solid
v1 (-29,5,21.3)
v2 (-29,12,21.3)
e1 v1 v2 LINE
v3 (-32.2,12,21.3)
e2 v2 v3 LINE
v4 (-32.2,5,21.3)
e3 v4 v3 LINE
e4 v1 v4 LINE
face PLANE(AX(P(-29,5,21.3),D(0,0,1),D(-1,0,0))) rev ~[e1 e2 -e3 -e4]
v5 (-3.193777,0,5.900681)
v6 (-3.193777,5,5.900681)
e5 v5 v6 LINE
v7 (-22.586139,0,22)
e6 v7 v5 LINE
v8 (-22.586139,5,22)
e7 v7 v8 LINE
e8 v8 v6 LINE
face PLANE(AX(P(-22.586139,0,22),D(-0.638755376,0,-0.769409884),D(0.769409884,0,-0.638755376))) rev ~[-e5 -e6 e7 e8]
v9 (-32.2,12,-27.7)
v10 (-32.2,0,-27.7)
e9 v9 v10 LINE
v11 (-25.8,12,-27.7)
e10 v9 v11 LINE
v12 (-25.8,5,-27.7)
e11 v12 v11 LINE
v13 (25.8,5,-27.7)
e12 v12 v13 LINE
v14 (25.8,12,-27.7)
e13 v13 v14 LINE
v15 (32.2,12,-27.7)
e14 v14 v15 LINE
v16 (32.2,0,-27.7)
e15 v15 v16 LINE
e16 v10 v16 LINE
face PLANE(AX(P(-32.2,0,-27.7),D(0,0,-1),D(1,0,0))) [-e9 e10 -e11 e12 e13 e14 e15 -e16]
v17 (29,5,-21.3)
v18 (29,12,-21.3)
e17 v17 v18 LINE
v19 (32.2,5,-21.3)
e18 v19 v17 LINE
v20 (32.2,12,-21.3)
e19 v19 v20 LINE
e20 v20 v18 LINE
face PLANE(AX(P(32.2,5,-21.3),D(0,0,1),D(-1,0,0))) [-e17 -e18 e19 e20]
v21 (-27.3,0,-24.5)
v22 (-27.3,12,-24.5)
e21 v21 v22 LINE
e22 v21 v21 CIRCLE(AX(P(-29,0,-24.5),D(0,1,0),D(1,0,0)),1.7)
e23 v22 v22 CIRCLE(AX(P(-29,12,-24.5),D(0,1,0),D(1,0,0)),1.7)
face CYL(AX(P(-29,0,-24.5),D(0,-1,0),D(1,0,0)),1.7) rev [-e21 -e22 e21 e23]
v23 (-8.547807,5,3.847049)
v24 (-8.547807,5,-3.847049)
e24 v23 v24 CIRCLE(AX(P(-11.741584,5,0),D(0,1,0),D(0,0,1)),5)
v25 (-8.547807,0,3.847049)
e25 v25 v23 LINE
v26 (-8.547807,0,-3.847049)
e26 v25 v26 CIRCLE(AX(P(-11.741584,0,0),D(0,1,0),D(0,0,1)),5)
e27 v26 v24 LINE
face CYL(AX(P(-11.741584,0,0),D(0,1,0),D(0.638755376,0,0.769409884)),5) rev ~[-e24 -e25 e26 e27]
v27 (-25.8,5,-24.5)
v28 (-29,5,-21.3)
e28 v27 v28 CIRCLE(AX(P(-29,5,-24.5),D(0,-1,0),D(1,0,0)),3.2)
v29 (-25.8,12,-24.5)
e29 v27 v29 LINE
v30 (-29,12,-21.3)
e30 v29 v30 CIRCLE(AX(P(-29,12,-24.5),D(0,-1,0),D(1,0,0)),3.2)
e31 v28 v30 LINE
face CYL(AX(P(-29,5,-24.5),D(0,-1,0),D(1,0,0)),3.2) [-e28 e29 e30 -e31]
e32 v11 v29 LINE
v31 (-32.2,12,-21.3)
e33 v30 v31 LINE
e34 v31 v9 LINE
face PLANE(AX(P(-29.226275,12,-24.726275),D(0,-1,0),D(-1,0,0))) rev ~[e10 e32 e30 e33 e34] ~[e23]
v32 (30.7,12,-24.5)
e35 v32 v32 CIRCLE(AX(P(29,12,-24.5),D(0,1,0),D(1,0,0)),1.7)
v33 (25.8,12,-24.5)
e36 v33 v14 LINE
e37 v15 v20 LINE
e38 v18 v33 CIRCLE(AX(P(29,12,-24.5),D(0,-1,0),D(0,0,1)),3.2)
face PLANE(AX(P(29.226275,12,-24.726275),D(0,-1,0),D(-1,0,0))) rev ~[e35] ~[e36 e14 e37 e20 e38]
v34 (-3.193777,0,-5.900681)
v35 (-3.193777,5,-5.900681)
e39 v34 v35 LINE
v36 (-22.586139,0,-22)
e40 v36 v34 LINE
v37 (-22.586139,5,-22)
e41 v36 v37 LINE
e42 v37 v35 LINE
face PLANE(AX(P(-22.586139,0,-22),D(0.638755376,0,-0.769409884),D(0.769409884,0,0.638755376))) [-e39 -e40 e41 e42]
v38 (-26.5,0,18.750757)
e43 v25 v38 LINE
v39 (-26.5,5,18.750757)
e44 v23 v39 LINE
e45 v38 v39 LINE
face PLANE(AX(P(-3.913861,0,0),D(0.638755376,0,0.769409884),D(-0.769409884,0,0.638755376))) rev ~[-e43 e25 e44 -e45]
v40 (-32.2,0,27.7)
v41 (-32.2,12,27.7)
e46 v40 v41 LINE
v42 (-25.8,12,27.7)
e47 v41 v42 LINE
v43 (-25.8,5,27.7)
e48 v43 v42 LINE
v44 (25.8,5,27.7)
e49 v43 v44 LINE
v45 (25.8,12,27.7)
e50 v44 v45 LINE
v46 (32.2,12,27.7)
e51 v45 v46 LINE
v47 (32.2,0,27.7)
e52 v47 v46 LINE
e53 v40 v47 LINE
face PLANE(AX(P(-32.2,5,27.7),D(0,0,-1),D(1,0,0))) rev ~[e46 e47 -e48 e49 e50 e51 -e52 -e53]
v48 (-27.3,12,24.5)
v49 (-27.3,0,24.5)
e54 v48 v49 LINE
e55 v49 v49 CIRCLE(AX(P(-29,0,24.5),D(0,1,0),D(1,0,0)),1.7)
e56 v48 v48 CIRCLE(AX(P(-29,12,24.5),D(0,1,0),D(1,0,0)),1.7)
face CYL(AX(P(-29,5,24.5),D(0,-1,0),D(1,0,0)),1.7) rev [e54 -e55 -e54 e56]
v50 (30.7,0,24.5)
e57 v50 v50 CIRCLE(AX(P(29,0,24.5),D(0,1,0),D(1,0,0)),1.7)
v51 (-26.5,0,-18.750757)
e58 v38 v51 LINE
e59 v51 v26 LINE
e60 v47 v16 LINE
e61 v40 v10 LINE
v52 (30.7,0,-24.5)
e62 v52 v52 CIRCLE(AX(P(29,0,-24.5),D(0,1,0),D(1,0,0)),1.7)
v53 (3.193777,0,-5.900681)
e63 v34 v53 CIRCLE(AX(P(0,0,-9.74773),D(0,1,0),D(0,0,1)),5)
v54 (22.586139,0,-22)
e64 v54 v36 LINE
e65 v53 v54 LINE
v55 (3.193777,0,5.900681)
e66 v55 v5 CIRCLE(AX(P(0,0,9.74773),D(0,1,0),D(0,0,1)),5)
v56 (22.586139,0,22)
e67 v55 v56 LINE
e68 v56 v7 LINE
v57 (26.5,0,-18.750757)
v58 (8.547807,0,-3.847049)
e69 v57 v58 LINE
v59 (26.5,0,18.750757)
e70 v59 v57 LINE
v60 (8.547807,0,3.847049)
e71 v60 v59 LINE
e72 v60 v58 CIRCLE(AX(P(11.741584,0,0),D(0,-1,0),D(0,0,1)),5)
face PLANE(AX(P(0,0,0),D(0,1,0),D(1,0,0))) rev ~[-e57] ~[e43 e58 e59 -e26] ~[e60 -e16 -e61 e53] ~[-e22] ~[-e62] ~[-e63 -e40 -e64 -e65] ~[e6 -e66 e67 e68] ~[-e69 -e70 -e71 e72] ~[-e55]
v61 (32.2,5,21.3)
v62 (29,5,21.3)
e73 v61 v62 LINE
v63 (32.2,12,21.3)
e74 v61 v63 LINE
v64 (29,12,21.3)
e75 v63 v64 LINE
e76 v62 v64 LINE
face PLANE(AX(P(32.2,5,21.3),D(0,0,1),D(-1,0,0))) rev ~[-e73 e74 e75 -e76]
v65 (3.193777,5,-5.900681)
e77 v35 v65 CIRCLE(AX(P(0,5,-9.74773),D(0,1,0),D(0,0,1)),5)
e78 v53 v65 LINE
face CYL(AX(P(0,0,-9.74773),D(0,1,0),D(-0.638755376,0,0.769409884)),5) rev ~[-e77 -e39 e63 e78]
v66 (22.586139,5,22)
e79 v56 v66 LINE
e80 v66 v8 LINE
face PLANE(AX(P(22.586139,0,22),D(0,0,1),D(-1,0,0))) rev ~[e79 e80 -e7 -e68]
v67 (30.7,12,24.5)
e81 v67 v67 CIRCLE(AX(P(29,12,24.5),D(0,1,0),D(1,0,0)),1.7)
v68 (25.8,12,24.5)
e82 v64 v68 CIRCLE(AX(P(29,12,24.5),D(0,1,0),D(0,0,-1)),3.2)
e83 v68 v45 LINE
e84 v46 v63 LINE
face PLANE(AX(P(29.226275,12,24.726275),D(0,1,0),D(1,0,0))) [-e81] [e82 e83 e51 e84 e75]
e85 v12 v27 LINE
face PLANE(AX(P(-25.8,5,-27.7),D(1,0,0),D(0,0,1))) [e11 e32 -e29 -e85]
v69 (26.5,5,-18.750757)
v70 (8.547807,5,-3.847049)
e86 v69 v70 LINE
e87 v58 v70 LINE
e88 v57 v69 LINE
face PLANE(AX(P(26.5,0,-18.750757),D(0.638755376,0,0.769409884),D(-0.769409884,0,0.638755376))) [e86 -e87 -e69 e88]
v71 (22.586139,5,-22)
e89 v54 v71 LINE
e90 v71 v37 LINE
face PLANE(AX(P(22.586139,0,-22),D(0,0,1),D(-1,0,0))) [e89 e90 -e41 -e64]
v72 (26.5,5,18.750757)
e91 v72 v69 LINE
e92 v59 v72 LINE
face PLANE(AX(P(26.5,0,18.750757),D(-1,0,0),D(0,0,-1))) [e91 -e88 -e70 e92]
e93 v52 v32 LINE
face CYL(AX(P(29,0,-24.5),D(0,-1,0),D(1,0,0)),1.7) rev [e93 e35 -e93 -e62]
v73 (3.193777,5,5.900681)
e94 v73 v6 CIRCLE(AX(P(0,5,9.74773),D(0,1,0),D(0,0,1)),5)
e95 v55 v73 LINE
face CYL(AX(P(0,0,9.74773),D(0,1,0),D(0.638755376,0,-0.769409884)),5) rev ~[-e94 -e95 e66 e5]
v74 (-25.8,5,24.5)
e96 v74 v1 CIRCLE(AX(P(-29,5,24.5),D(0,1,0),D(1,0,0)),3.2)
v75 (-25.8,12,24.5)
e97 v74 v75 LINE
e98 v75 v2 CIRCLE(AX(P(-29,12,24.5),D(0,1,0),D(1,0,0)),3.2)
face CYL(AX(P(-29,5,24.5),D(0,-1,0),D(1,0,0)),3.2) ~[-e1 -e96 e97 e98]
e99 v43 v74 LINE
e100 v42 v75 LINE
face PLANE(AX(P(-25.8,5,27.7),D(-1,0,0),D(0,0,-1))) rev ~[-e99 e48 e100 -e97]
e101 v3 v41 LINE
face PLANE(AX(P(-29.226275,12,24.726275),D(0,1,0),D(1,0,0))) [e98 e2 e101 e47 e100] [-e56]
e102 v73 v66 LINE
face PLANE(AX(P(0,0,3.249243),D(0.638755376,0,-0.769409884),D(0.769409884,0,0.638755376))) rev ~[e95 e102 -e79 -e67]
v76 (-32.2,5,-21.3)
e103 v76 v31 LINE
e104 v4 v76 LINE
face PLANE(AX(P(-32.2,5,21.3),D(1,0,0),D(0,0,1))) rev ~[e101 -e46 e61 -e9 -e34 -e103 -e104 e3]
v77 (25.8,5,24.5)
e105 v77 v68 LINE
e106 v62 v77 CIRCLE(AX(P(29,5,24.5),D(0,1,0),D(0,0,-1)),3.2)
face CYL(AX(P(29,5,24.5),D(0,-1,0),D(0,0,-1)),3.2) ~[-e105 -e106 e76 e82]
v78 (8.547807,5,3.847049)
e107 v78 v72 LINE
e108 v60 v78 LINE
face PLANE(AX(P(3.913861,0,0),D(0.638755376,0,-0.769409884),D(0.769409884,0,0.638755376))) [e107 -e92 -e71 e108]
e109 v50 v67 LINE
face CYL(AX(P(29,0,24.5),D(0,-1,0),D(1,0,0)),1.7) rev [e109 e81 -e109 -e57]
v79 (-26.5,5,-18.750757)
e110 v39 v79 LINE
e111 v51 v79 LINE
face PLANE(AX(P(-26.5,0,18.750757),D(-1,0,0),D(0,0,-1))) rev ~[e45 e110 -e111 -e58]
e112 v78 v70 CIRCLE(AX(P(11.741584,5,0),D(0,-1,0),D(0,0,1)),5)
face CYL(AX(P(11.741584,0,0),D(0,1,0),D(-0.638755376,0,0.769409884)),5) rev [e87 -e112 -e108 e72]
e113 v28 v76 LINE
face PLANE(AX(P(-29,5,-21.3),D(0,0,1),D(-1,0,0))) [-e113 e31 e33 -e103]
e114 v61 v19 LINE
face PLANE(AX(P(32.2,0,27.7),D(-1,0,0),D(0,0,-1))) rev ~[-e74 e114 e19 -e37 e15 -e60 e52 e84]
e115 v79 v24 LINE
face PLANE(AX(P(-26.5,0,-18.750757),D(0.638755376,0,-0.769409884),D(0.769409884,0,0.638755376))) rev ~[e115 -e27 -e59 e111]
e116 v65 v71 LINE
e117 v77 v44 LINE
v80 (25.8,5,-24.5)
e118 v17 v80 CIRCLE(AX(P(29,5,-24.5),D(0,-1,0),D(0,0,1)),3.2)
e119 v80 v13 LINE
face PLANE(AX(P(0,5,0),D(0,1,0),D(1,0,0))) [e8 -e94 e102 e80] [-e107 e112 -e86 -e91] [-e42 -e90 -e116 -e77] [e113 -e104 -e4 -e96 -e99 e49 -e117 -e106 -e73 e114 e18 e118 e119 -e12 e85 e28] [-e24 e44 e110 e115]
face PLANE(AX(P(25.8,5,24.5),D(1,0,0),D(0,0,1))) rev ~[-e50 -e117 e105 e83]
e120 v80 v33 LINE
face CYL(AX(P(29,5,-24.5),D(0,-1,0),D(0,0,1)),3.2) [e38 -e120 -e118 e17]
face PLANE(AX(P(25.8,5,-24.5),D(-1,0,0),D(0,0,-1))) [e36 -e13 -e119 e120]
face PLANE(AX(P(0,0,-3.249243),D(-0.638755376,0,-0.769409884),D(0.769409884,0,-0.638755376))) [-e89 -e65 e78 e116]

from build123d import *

# Parameters (mm, degrees)
SKETCH2_W           = 64.4
SKETCH2_H           = 55.4
SKETCH2_R           = 1.7
BOSS_EXTRUDE1_DEPTH = 5
FILLET1_R           = 5
SKETCH3_R           = 1.7
BOSS_EXTRUDE2_DEPTH = 7


with BuildPart() as part:
    # Sketch2 → Boss-Extrude1 (new body)
    with BuildSketch(Plane(origin=(0, 0, 0), x_dir=(1, 0, 0), z_dir=(0, 1, 0))):
        Rectangle(SKETCH2_W, SKETCH2_H)
        with Locations((-29, 24.5)):
            Circle(SKETCH2_R, mode=Mode.SUBTRACT)
        with Locations((29, 24.5)):
            Circle(SKETCH2_R, mode=Mode.SUBTRACT)
        with Locations((29, -24.5)):
            Circle(SKETCH2_R, mode=Mode.SUBTRACT)
        with Locations((-29, -24.5)):
            Circle(SKETCH2_R, mode=Mode.SUBTRACT)
        Polygon((-26.5, -18.750756585), (-26.5, 18.750756585), (-3.913861386, 0), align=None, mode=Mode.SUBTRACT)
        Polygon((26.5, -18.750756585), (26.5, 18.750756585), (3.913861386, 0), align=None, mode=Mode.SUBTRACT)
        Polygon((-22.586138614, -22), (0, -3.249243415), (22.586138614, -22), align=None, mode=Mode.SUBTRACT)
        Polygon((-22.586138614, 22), (0, 3.249243415), (22.586138614, 22), align=None, mode=Mode.SUBTRACT)
    extrude(amount=BOSS_EXTRUDE1_DEPTH)

    # Fillet1
    fillet1_edges = [part.edges().sort_by_distance(p)[0] for p in [
        (0, 2.5, 3.249243415),
        (3.913861386, 2.5, 0),
        (-3.913861386, 2.5, 0),
        (0, 2.5, -3.249243415),
    ]]
    fillet(fillet1_edges, radius=FILLET1_R)

    # Sketch3 → Boss-Extrude2 (add)
    with BuildSketch(Plane(origin=(0, 5, 0), x_dir=(1, 0, 0), z_dir=(0, 1, 0))):
        with BuildLine():
            Line((-32.2, -21.3), (-32.2, -27.7))
            Line((-32.2, -27.7), (-25.8, -27.7))
            Line((-25.8, -27.7), (-25.8, -24.5))
            ThreePointArc((-25.8, -24.5), (-26.7372583, -22.2372583), (-29, -21.3))
            Line((-29, -21.3), (-32.2, -21.3))
        make_face()
        with Locations((-29, -24.5)):
            Circle(SKETCH3_R, mode=Mode.SUBTRACT)
        with BuildLine():
            Line((-29, 21.3), (-32.2, 21.3))
            Line((-32.2, 21.3), (-32.2, 27.7))
            Line((-32.2, 27.7), (-25.8, 27.7))
            Line((-25.8, 27.7), (-25.8, 24.5))
            ThreePointArc((-25.8, 24.5), (-26.7372583, 22.2372583), (-29, 21.3))
        make_face()
        with Locations((-29, 24.5)):
            Circle(SKETCH3_R, mode=Mode.SUBTRACT)
        with BuildLine():
            Line((25.8, 24.5), (25.8, 27.7))
            Line((25.8, 27.7), (32.2, 27.7))
            Line((32.2, 27.7), (32.2, 21.3))
            Line((32.2, 21.3), (29, 21.3))
            ThreePointArc((29, 21.3), (26.7372583, 22.2372583), (25.8, 24.5))
        make_face()
        with Locations((29, 24.5)):
            Circle(SKETCH3_R, mode=Mode.SUBTRACT)
        with BuildLine():
            Line((25.8, -24.5), (25.8, -27.7))
            Line((25.8, -27.7), (32.2, -27.7))
            Line((32.2, -27.7), (32.2, -21.3))
            Line((32.2, -21.3), (29, -21.3))
            ThreePointArc((29, -21.3), (26.7372583, -22.2372583), (25.8, -24.5))
        make_face()
        with Locations((29, -24.5)):
            Circle(SKETCH3_R, mode=Mode.SUBTRACT)
    extrude(amount=BOSS_EXTRUDE2_DEPTH)


solid = part.part
